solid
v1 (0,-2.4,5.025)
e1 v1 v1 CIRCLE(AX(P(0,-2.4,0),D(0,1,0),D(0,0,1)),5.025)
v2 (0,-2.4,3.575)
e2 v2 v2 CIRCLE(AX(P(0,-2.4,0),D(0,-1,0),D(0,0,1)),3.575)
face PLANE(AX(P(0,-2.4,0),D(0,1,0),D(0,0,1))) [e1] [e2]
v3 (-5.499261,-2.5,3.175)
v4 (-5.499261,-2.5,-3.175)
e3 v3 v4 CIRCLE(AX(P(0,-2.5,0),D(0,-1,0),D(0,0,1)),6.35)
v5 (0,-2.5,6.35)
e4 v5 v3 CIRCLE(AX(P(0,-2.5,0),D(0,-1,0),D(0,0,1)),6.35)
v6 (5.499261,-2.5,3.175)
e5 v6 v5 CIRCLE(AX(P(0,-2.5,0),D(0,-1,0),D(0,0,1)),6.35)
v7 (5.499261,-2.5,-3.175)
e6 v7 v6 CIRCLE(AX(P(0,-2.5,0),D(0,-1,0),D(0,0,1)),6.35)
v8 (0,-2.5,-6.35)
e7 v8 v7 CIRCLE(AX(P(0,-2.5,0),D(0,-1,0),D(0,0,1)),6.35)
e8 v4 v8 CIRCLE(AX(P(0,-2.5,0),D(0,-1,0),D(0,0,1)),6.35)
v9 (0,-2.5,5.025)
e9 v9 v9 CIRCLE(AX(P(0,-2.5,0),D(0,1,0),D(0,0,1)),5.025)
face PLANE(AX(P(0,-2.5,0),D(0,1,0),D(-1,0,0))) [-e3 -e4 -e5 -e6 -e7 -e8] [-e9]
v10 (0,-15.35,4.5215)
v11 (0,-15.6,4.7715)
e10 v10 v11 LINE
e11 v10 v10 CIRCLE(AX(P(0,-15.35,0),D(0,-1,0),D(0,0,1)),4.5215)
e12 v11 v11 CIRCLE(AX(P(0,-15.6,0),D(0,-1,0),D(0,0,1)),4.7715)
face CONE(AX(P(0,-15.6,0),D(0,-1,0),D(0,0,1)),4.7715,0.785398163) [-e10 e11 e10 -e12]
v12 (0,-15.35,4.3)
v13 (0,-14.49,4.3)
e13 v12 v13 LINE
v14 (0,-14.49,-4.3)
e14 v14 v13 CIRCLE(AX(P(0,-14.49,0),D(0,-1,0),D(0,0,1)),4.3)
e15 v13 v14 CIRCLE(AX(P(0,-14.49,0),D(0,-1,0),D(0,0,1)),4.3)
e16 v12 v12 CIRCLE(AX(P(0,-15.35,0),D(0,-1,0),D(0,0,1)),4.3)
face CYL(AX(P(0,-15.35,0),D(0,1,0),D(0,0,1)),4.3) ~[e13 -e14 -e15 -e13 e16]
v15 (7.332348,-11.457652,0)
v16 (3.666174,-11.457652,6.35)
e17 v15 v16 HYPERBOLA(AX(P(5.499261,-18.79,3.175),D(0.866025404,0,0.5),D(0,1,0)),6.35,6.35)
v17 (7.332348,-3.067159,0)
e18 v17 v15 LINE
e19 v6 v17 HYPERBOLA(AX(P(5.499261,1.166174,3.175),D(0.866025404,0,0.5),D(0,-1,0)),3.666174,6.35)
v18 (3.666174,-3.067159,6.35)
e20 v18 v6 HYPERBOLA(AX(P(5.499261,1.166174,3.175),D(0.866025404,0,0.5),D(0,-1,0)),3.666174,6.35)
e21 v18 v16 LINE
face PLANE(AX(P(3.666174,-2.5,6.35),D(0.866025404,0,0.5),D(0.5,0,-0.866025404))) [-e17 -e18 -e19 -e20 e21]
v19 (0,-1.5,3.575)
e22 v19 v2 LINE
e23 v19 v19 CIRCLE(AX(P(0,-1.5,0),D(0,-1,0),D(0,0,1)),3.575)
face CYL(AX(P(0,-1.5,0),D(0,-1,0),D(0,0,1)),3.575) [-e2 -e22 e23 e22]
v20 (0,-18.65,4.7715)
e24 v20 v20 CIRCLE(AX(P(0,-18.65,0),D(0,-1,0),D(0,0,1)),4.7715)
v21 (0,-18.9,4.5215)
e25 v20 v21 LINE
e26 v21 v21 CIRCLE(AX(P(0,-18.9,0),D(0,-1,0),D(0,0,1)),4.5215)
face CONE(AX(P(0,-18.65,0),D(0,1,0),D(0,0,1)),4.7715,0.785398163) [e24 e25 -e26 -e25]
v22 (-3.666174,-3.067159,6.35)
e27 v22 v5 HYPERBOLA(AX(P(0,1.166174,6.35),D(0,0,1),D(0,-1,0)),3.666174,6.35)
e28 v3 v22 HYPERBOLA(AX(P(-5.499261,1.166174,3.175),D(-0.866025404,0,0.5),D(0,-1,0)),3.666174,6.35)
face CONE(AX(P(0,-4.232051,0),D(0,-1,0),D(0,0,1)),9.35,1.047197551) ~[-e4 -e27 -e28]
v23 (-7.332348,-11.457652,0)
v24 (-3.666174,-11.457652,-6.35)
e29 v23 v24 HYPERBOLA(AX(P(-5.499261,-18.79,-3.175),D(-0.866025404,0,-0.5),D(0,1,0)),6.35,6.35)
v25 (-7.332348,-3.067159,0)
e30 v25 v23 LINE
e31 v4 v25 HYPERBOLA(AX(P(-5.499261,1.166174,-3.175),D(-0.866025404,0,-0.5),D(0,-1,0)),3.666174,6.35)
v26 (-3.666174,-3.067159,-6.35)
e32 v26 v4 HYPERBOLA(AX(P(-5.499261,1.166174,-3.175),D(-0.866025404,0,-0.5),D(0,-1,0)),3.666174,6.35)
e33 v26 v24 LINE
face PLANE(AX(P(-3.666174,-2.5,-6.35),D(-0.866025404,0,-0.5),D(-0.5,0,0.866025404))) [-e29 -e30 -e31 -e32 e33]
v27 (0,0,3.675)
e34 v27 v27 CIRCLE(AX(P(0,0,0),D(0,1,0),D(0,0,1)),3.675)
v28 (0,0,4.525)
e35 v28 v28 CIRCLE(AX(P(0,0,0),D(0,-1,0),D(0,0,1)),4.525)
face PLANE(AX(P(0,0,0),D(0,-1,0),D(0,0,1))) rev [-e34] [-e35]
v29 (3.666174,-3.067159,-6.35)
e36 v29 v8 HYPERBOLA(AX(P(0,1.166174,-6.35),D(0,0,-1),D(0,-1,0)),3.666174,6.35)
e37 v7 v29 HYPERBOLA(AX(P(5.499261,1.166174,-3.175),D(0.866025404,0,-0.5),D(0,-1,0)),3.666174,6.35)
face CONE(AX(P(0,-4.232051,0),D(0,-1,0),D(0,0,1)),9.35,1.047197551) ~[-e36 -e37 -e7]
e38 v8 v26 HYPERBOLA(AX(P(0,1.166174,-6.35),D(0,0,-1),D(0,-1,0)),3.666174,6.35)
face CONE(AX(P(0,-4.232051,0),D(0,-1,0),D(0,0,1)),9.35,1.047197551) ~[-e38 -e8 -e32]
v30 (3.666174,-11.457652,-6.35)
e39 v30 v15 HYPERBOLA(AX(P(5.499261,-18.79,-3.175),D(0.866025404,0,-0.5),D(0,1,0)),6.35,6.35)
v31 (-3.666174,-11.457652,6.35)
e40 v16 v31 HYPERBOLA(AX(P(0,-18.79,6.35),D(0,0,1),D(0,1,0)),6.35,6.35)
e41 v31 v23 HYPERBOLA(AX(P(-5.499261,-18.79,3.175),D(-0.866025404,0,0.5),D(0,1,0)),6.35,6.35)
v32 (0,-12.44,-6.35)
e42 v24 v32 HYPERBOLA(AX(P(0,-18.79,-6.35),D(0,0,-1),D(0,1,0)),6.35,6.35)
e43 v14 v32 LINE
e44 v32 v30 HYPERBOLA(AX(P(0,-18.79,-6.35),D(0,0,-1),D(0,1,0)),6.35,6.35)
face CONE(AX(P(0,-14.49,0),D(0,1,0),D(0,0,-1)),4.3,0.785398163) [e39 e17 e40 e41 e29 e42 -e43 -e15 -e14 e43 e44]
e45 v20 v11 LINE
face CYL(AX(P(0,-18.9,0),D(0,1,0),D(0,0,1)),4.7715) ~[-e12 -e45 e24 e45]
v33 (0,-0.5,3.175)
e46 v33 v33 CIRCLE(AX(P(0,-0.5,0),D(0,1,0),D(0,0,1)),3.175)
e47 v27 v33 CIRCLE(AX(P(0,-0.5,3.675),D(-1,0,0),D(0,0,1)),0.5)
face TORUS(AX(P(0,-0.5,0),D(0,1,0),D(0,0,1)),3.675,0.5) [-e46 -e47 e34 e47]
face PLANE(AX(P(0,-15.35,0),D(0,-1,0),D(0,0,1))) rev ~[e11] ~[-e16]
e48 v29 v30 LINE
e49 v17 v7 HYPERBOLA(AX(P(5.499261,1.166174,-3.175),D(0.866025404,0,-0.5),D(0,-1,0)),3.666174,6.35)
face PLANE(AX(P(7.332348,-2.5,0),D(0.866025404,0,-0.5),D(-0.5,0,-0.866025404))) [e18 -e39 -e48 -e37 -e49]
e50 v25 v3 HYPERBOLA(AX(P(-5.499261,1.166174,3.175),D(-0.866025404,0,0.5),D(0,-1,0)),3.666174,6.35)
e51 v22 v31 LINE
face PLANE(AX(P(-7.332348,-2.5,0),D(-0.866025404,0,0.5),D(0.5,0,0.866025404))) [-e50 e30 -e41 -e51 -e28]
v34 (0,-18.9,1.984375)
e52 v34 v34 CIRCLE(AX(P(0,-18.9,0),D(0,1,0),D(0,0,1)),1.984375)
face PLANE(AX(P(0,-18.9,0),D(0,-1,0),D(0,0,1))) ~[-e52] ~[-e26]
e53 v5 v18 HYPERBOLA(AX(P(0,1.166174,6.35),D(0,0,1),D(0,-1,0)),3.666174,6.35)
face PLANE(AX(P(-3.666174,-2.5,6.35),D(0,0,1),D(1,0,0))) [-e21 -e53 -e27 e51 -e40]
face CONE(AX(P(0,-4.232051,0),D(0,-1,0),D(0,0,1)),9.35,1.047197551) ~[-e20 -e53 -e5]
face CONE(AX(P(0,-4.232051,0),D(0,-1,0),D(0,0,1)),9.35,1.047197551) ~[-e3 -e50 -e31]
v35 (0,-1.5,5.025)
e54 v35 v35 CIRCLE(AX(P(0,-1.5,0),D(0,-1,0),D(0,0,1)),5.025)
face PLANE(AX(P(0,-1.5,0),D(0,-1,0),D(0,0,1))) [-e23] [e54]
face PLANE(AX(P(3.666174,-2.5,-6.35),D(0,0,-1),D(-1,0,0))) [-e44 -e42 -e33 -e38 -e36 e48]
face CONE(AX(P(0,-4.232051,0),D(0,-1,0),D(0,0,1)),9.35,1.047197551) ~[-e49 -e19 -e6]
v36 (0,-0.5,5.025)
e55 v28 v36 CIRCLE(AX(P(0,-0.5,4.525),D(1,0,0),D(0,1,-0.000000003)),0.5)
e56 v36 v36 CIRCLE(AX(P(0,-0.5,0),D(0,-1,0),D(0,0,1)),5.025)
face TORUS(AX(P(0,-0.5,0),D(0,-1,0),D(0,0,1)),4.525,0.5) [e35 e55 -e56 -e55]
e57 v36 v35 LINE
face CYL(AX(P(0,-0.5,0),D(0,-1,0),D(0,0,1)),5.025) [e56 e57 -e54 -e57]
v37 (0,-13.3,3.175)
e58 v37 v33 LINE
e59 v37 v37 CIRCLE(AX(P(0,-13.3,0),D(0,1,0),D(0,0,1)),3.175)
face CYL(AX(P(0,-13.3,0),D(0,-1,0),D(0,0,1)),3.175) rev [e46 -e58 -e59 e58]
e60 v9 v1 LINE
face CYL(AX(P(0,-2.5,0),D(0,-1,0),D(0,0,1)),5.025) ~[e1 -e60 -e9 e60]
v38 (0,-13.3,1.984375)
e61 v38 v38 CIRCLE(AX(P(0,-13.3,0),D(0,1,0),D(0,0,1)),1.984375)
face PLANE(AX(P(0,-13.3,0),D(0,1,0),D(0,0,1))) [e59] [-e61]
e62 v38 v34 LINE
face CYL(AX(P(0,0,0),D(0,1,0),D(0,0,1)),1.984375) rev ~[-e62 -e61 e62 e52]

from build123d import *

# Parameters (mm, degrees)
UBODY_START         = -0.1
UBODY_SKETCH_R      = 5.025
UBODY_DEPTH         = 0.1
NUT_DEPTH           = 11.99
THREAD_CHAMFER_SIZE = 0.25
UTUBE_START         = -13.3
UTUBE_SKETCH_R      = 3.175
UTUBE_DEPTH         = 13.3
UTUBE_RADIUS_R      = 0.5
PORT_SKETCH_R       = 1.984375
PORT_DEPTH          = 22.243724564


with BuildPart() as part:
    # URelease_Sketch → URelease (revolve)
    with BuildSketch(Plane.XY, mode=Mode.PRIVATE) as urelease_sk:
        with BuildLine():
            Line((0, 0), (-4.525, 0))
            ThreePointArc((-4.525, 0), (-4.878553391, -0.146446609), (-5.025, -0.5))
            Line((-5.025, -0.5), (-5.025, -1.5))
            Line((-5.025, -1.5), (-3.575, -1.5))
            Line((-3.575, -1.5), (-3.575, -2.4))
            Line((-3.575, -2.4), (0, -2.4))
            Line((0, -2.4), (0, 0))
        make_face()
    revolve(urelease_sk.sketch.rotate(Axis((0, 0, 0), (0, -1, 0)), 270), axis=Axis((0, 0, 0), (0, -1, 0)))

    # UBody_Sketch → UBody (add)
    with BuildSketch(Plane(origin=(0, -2.4, 0), x_dir=(-1, 0, 0), z_dir=(0, 1, 0)).offset(UBODY_START)):
        with Locations(Location((0, 0, 0), (0, 0, 90))):
            Circle(UBODY_SKETCH_R)
    extrude(amount=UBODY_DEPTH)

    # Nut_Sketch → Nut (add)
    with BuildSketch(Plane(origin=(0, -2.5, 0), x_dir=(-1, 0, 0), z_dir=(0, 1, 0))):
        Polygon((-3.666174209, -6.35), (3.666174209, -6.35), (7.332348419, 0), (3.666174209, 6.35), (-3.666174209, 6.35), (-7.332348419, 0), align=None)
    extrude(amount=-NUT_DEPTH)

    # Nut_Chamfer_Sketch → Nut_Chamfer (revolve, cut)
    with BuildSketch(Plane(origin=(0, 0, 0), x_dir=(0, 0, -1), z_dir=(1, 0, 0))):
        Polygon((-6.35, -2.5), (-9.35, -2.5), (-9.35, -4.232050808), align=None)
        Polygon((-9.35, -12.757949192), (-9.35, -14.49), (-6.35, -14.49), align=None)
    revolve(axis=Axis((0, 0, 0), (0, -1, 0)), mode=Mode.SUBTRACT)

    # Threads_Sketch → Threads (revolve)
    with BuildSketch(Plane.XY, mode=Mode.PRIVATE) as threads_sk:
        Polygon((-4.7715, -15.35), (-4.3, -15.35), (-4.3, -14.49), (0, -14.49), (0, -18.9), (-4.7715, -18.9), align=None)
    revolve(threads_sk.sketch.rotate(Axis((0, 0, 0), (0, -1, 0)), 270), axis=Axis((0, 0, 0), (0, -1, 0)))

    # Thread_Chamfer
    thread_chamfer_edges = [part.edges().sort_by_distance(p)[0] for p in [
        (0, -18.9, -4.7715),
        (0, -15.35, -4.7715),
    ]]
    chamfer(thread_chamfer_edges, length=THREAD_CHAMFER_SIZE)

    # UTube_Sketch → UTube (cut)
    with BuildSketch(Plane(origin=(0, 0, 0), x_dir=(1, 0, 0), z_dir=(0, 1, 0)).offset(UTUBE_START)):
        with Locations(Location((0, 0, 0), (0, 0, 270))):
            Circle(UTUBE_SKETCH_R)
    extrude(amount=UTUBE_DEPTH, mode=Mode.SUBTRACT)

    # UTube_Radius
    utube_radius_edges = [part.edges().sort_by_distance(p)[0] for p in [
        (0, 0, -3.175),
    ]]
    fillet(utube_radius_edges, radius=UTUBE_RADIUS_R)

    # Port_Sketch → Port (cut, through all)
    with BuildSketch(Plane(origin=(0, 0, 0), x_dir=(1, 0, 0), z_dir=(0, 1, 0))):
        with Locations(Location((0, 0, 0), (0, 0, 270))):
            Circle(PORT_SKETCH_R)
    extrude(amount=-PORT_DEPTH, mode=Mode.SUBTRACT)

    # Sketch1 → Cut-Revolve2 (revolve, cut)
    with BuildSketch(Plane.XY, mode=Mode.PRIVATE) as cut_revolve2_sk:
        Polygon((-4.3, -14.49), (-7.332348419, -11.457651581), (-7.332348419, -14.49), align=None)
    revolve(cut_revolve2_sk.sketch.rotate(Axis((0, -18.9, 0), (0, 1, 0)), 270), axis=Axis((0, -18.9, 0), (0, 1, 0)), mode=Mode.SUBTRACT)


solid = part.part
